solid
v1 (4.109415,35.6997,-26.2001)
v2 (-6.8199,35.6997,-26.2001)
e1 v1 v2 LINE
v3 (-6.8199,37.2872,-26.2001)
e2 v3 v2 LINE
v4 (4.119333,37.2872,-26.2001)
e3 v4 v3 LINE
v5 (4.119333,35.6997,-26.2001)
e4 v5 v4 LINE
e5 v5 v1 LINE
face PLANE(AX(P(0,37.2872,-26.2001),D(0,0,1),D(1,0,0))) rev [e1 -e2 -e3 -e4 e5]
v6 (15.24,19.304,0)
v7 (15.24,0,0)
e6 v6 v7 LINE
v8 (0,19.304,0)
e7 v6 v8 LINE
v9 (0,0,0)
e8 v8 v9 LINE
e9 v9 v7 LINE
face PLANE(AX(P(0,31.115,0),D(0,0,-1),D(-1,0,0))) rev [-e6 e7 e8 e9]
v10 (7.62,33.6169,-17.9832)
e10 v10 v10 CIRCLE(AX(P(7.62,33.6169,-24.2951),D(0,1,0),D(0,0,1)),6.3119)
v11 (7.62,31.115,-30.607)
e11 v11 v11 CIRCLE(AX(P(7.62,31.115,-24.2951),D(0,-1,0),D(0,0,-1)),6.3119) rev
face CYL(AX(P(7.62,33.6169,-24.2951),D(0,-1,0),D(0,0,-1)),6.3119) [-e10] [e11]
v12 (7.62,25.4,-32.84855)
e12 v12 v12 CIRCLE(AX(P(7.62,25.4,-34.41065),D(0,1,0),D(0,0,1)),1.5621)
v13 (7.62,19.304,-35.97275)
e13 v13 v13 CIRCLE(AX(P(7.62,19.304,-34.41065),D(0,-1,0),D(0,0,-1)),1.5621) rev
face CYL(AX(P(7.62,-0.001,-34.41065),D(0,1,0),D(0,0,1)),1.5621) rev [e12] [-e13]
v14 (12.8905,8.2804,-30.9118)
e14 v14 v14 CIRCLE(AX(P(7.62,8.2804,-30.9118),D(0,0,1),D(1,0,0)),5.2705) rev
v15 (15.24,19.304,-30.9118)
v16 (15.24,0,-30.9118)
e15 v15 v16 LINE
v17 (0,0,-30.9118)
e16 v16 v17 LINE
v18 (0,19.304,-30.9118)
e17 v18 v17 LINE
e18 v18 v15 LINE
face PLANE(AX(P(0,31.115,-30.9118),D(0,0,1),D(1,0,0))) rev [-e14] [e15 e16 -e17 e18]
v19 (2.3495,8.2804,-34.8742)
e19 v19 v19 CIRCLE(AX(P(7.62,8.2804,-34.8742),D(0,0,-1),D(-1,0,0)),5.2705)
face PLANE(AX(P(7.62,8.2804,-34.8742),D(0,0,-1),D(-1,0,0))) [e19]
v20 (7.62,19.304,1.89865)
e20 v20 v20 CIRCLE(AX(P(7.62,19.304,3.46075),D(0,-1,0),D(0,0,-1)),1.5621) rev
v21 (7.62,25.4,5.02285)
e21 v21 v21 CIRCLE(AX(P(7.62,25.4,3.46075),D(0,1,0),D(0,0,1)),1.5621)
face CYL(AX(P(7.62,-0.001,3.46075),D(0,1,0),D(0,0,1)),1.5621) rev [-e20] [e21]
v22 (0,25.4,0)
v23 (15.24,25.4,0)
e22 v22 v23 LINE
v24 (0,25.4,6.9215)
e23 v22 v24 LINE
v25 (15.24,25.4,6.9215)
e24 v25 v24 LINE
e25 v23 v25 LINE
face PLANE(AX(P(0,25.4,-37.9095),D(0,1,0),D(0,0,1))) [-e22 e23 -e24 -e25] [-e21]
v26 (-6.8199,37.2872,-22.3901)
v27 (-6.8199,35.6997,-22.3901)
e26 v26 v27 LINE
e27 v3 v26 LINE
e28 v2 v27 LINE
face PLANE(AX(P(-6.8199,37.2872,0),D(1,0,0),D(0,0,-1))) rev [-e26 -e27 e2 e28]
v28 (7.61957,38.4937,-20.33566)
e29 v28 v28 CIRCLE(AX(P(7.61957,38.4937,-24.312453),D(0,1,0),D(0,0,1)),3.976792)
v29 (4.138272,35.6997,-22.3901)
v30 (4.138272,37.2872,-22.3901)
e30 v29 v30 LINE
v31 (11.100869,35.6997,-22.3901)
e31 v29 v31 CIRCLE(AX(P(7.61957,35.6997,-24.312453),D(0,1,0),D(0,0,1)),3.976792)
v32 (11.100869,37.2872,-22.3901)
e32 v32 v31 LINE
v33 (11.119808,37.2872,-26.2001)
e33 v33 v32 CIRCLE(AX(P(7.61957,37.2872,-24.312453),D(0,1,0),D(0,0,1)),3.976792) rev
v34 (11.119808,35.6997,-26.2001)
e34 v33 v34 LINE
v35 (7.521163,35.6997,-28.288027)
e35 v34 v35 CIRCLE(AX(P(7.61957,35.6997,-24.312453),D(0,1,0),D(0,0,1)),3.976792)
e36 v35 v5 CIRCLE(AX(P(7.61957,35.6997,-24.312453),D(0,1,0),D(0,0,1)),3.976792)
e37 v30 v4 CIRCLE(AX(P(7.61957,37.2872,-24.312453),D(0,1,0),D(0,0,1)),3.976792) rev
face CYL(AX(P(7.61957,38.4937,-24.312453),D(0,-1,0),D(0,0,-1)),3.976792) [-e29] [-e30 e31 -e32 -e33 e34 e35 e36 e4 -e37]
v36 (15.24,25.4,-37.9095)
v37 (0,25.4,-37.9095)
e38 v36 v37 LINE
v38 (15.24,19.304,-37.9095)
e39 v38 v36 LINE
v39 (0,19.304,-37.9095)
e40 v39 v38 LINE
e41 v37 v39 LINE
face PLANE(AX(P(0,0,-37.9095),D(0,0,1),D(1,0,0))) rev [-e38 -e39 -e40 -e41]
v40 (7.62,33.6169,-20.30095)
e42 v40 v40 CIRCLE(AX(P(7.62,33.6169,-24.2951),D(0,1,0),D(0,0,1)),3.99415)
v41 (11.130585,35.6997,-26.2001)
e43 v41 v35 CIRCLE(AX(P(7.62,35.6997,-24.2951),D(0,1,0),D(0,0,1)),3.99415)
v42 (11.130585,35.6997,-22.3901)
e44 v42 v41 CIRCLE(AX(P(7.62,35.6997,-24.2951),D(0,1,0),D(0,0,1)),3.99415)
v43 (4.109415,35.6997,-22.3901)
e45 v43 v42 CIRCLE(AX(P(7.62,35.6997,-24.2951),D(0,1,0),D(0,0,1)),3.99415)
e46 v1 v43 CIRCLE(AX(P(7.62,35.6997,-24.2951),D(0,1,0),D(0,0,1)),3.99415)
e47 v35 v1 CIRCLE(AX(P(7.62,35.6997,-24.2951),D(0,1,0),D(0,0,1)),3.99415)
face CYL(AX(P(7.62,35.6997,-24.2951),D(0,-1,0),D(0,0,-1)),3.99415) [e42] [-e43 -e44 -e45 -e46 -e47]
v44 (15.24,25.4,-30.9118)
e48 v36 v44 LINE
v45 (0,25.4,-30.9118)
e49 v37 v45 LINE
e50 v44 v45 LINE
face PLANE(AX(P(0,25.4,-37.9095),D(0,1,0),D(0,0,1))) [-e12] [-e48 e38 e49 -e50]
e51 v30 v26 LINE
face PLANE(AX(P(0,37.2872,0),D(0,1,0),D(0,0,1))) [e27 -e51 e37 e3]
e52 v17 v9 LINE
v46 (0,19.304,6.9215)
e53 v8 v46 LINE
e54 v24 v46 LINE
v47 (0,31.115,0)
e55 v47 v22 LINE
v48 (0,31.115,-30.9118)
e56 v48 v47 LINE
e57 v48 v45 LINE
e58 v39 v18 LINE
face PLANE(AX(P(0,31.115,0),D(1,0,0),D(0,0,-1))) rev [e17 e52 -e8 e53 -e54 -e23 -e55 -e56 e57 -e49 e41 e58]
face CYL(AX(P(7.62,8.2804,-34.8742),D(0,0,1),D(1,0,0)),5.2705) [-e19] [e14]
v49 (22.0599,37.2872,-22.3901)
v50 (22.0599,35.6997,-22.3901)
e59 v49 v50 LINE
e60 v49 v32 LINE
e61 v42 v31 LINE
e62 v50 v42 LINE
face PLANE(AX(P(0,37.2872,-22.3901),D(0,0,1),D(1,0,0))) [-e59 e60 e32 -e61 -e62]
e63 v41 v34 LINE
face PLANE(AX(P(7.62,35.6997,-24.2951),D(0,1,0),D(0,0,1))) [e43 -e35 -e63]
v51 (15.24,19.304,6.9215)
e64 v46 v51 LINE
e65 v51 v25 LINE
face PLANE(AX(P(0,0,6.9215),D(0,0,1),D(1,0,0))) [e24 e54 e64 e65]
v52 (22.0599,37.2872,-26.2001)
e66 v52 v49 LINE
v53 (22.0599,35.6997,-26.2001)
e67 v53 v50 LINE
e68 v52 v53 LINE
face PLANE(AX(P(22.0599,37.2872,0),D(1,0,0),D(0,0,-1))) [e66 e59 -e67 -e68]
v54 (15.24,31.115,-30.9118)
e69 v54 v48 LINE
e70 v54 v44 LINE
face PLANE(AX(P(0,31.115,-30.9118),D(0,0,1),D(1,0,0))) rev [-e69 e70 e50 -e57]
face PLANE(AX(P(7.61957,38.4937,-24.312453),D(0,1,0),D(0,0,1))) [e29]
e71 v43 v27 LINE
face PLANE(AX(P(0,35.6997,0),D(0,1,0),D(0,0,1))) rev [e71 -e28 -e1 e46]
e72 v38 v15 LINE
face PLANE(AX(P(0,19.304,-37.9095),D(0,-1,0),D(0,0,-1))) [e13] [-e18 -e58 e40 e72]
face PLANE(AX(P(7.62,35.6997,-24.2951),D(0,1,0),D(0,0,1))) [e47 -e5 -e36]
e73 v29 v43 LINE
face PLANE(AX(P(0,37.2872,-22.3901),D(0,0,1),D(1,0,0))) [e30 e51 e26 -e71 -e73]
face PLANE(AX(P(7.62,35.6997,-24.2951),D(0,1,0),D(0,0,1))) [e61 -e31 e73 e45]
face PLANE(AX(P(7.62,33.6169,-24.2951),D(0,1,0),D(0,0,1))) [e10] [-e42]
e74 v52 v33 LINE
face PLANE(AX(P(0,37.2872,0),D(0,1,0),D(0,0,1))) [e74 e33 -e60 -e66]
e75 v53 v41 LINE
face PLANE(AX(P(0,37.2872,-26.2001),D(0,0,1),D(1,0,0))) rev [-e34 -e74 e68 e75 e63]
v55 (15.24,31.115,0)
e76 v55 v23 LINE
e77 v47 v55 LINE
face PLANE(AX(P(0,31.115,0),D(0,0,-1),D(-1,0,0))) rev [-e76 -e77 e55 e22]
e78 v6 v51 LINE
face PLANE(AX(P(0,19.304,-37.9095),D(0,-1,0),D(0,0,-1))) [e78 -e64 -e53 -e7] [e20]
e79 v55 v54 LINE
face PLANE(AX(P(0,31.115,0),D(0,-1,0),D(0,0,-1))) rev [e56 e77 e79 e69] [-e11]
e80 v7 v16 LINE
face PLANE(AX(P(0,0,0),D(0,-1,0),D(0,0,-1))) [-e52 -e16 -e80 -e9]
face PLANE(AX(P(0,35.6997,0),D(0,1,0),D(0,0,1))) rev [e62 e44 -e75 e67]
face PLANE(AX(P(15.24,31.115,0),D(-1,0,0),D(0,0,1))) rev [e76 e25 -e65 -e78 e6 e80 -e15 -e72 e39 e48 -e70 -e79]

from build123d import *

# Parameters (mm, degrees)
SKETCH1_W                = 15.24
SKETCH1_H                = 30.9118
BOSS_EXTRUDE1_DEPTH      = 31.115
SKETCH2_W                = 15.24
SKETCH2_H                = 6.096
BOSS_EXTRUDE2_DEPTH      = 6.9215
BOSS_EXTRUDE2_DEPTH_BACK = 37.9095
SKETCH3_R                = 5.2705
BOSS_EXTRUDE3_DEPTH      = 3.9624
SKETCH4_R                = 6.3119
BOSS_EXTRUDE4_DEPTH      = 2.5019
CUT_EXTRUDE1_REACH       = 27.4
SKETCH8_R                = 1.5621
CUT_EXTRUDE2_REACH       = 27.4
SKETCH9_R                = 1.5621
SKETCH10_R               = 3.99415
BOSS_EXTRUDE5_DEPTH      = 2.0828
SKETCH11_W               = 14.4399
SKETCH11_H               = 3.81
BOSS_EXTRUDE6_DEPTH      = 1.5875
SKETCH12_R               = 3.976792142
BOSS_EXTRUDE7_DEPTH      = 2.794


with BuildPart() as part:
    # Sketch1 → Boss-Extrude1 (new body)
    with BuildSketch(Plane(origin=(0, 0, 0), x_dir=(1, 0, 0), z_dir=(0, 1, 0))):
        with Locations((7.62, 15.4559)):
            Rectangle(SKETCH1_W, SKETCH1_H)
    extrude(amount=BOSS_EXTRUDE1_DEPTH)

    # Sketch2 → Boss-Extrude2 (add, two sides)
    with BuildSketch(Plane.XY) as boss_extrude2_sk:
        with Locations((7.62, 22.352)):
            Rectangle(SKETCH2_W, SKETCH2_H)
    extrude(amount=BOSS_EXTRUDE2_DEPTH)
    extrude(boss_extrude2_sk.sketch, amount=-BOSS_EXTRUDE2_DEPTH_BACK)

    # Sketch3 → Boss-Extrude3 (add)
    with BuildSketch(Plane(origin=(0, 0, -30.9118), x_dir=(-1, 0, 0), z_dir=(0, 0, -1))):
        with Locations((-7.62, 8.2804)):
            Circle(SKETCH3_R)
    extrude(amount=BOSS_EXTRUDE3_DEPTH)

    # Sketch4 → Boss-Extrude4 (add)
    with BuildSketch(Plane(origin=(0, 31.115, 0), x_dir=(1, 0, 0), z_dir=(0, 1, 0))):
        with Locations((7.62, 24.2951)):
            Circle(SKETCH4_R)
    extrude(amount=BOSS_EXTRUDE4_DEPTH)

    # Sketch8 → Cut-Extrude1 (cut, up to next)
    with BuildSketch(Plane(origin=(0, 25.4, 0), x_dir=(1, 0, 0), z_dir=(0, 1, 0)), mode=Mode.PRIVATE) as cut_extrude1_sk1:
        with Locations((7.62, -3.46075)):
            Circle(SKETCH8_R)
    cut_extrude1_tool1 = extrude(cut_extrude1_sk1.sketch, amount=-CUT_EXTRUDE1_REACH, mode=Mode.PRIVATE) & part.part
    add(cut_extrude1_tool1.solids().sort_by_distance((7.62, 25.4, 3.46075))[0], mode=Mode.SUBTRACT)

    # Sketch9 → Cut-Extrude2 (cut, up to next)
    with BuildSketch(Plane(origin=(0, 25.4, 0), x_dir=(1, 0, 0), z_dir=(0, 1, 0)), mode=Mode.PRIVATE) as cut_extrude2_sk1:
        with Locations((7.62, 34.41065)):
            Circle(SKETCH9_R)
    cut_extrude2_tool1 = extrude(cut_extrude2_sk1.sketch, amount=-CUT_EXTRUDE2_REACH, mode=Mode.PRIVATE) & part.part
    add(cut_extrude2_tool1.solids().sort_by_distance((7.62, 25.4, -34.41065))[0], mode=Mode.SUBTRACT)

    # Sketch10 → Boss-Extrude5 (add)
    with BuildSketch(Plane(origin=(0, 33.6169, 0), x_dir=(1, 0, 0), z_dir=(0, 1, 0))):
        with Locations((7.62, 24.2951)):
            Circle(SKETCH10_R)
    extrude(amount=BOSS_EXTRUDE5_DEPTH)

    # Sketch11 → Boss-Extrude6 (add)
    with BuildSketch(Plane(origin=(0, 35.6997, 0), x_dir=(1, 0, 0), z_dir=(0, 1, 0))):
        with Locations((14.83995, 24.2951)):
            Rectangle(SKETCH11_W, SKETCH11_H)
        with Locations((0.40005, 24.2951)):
            Rectangle(SKETCH11_W, SKETCH11_H)
    extrude(amount=BOSS_EXTRUDE6_DEPTH)

    # Sketch12 → Boss-Extrude7 (add)
    with BuildSketch(Plane(origin=(0, 35.6997, 0), x_dir=(1, 0, 0), z_dir=(0, 1, 0))):
        with Locations((7.619570472, 24.312452542)):
            Circle(SKETCH12_R)
    extrude(amount=BOSS_EXTRUDE7_DEPTH)


solid = part.part
